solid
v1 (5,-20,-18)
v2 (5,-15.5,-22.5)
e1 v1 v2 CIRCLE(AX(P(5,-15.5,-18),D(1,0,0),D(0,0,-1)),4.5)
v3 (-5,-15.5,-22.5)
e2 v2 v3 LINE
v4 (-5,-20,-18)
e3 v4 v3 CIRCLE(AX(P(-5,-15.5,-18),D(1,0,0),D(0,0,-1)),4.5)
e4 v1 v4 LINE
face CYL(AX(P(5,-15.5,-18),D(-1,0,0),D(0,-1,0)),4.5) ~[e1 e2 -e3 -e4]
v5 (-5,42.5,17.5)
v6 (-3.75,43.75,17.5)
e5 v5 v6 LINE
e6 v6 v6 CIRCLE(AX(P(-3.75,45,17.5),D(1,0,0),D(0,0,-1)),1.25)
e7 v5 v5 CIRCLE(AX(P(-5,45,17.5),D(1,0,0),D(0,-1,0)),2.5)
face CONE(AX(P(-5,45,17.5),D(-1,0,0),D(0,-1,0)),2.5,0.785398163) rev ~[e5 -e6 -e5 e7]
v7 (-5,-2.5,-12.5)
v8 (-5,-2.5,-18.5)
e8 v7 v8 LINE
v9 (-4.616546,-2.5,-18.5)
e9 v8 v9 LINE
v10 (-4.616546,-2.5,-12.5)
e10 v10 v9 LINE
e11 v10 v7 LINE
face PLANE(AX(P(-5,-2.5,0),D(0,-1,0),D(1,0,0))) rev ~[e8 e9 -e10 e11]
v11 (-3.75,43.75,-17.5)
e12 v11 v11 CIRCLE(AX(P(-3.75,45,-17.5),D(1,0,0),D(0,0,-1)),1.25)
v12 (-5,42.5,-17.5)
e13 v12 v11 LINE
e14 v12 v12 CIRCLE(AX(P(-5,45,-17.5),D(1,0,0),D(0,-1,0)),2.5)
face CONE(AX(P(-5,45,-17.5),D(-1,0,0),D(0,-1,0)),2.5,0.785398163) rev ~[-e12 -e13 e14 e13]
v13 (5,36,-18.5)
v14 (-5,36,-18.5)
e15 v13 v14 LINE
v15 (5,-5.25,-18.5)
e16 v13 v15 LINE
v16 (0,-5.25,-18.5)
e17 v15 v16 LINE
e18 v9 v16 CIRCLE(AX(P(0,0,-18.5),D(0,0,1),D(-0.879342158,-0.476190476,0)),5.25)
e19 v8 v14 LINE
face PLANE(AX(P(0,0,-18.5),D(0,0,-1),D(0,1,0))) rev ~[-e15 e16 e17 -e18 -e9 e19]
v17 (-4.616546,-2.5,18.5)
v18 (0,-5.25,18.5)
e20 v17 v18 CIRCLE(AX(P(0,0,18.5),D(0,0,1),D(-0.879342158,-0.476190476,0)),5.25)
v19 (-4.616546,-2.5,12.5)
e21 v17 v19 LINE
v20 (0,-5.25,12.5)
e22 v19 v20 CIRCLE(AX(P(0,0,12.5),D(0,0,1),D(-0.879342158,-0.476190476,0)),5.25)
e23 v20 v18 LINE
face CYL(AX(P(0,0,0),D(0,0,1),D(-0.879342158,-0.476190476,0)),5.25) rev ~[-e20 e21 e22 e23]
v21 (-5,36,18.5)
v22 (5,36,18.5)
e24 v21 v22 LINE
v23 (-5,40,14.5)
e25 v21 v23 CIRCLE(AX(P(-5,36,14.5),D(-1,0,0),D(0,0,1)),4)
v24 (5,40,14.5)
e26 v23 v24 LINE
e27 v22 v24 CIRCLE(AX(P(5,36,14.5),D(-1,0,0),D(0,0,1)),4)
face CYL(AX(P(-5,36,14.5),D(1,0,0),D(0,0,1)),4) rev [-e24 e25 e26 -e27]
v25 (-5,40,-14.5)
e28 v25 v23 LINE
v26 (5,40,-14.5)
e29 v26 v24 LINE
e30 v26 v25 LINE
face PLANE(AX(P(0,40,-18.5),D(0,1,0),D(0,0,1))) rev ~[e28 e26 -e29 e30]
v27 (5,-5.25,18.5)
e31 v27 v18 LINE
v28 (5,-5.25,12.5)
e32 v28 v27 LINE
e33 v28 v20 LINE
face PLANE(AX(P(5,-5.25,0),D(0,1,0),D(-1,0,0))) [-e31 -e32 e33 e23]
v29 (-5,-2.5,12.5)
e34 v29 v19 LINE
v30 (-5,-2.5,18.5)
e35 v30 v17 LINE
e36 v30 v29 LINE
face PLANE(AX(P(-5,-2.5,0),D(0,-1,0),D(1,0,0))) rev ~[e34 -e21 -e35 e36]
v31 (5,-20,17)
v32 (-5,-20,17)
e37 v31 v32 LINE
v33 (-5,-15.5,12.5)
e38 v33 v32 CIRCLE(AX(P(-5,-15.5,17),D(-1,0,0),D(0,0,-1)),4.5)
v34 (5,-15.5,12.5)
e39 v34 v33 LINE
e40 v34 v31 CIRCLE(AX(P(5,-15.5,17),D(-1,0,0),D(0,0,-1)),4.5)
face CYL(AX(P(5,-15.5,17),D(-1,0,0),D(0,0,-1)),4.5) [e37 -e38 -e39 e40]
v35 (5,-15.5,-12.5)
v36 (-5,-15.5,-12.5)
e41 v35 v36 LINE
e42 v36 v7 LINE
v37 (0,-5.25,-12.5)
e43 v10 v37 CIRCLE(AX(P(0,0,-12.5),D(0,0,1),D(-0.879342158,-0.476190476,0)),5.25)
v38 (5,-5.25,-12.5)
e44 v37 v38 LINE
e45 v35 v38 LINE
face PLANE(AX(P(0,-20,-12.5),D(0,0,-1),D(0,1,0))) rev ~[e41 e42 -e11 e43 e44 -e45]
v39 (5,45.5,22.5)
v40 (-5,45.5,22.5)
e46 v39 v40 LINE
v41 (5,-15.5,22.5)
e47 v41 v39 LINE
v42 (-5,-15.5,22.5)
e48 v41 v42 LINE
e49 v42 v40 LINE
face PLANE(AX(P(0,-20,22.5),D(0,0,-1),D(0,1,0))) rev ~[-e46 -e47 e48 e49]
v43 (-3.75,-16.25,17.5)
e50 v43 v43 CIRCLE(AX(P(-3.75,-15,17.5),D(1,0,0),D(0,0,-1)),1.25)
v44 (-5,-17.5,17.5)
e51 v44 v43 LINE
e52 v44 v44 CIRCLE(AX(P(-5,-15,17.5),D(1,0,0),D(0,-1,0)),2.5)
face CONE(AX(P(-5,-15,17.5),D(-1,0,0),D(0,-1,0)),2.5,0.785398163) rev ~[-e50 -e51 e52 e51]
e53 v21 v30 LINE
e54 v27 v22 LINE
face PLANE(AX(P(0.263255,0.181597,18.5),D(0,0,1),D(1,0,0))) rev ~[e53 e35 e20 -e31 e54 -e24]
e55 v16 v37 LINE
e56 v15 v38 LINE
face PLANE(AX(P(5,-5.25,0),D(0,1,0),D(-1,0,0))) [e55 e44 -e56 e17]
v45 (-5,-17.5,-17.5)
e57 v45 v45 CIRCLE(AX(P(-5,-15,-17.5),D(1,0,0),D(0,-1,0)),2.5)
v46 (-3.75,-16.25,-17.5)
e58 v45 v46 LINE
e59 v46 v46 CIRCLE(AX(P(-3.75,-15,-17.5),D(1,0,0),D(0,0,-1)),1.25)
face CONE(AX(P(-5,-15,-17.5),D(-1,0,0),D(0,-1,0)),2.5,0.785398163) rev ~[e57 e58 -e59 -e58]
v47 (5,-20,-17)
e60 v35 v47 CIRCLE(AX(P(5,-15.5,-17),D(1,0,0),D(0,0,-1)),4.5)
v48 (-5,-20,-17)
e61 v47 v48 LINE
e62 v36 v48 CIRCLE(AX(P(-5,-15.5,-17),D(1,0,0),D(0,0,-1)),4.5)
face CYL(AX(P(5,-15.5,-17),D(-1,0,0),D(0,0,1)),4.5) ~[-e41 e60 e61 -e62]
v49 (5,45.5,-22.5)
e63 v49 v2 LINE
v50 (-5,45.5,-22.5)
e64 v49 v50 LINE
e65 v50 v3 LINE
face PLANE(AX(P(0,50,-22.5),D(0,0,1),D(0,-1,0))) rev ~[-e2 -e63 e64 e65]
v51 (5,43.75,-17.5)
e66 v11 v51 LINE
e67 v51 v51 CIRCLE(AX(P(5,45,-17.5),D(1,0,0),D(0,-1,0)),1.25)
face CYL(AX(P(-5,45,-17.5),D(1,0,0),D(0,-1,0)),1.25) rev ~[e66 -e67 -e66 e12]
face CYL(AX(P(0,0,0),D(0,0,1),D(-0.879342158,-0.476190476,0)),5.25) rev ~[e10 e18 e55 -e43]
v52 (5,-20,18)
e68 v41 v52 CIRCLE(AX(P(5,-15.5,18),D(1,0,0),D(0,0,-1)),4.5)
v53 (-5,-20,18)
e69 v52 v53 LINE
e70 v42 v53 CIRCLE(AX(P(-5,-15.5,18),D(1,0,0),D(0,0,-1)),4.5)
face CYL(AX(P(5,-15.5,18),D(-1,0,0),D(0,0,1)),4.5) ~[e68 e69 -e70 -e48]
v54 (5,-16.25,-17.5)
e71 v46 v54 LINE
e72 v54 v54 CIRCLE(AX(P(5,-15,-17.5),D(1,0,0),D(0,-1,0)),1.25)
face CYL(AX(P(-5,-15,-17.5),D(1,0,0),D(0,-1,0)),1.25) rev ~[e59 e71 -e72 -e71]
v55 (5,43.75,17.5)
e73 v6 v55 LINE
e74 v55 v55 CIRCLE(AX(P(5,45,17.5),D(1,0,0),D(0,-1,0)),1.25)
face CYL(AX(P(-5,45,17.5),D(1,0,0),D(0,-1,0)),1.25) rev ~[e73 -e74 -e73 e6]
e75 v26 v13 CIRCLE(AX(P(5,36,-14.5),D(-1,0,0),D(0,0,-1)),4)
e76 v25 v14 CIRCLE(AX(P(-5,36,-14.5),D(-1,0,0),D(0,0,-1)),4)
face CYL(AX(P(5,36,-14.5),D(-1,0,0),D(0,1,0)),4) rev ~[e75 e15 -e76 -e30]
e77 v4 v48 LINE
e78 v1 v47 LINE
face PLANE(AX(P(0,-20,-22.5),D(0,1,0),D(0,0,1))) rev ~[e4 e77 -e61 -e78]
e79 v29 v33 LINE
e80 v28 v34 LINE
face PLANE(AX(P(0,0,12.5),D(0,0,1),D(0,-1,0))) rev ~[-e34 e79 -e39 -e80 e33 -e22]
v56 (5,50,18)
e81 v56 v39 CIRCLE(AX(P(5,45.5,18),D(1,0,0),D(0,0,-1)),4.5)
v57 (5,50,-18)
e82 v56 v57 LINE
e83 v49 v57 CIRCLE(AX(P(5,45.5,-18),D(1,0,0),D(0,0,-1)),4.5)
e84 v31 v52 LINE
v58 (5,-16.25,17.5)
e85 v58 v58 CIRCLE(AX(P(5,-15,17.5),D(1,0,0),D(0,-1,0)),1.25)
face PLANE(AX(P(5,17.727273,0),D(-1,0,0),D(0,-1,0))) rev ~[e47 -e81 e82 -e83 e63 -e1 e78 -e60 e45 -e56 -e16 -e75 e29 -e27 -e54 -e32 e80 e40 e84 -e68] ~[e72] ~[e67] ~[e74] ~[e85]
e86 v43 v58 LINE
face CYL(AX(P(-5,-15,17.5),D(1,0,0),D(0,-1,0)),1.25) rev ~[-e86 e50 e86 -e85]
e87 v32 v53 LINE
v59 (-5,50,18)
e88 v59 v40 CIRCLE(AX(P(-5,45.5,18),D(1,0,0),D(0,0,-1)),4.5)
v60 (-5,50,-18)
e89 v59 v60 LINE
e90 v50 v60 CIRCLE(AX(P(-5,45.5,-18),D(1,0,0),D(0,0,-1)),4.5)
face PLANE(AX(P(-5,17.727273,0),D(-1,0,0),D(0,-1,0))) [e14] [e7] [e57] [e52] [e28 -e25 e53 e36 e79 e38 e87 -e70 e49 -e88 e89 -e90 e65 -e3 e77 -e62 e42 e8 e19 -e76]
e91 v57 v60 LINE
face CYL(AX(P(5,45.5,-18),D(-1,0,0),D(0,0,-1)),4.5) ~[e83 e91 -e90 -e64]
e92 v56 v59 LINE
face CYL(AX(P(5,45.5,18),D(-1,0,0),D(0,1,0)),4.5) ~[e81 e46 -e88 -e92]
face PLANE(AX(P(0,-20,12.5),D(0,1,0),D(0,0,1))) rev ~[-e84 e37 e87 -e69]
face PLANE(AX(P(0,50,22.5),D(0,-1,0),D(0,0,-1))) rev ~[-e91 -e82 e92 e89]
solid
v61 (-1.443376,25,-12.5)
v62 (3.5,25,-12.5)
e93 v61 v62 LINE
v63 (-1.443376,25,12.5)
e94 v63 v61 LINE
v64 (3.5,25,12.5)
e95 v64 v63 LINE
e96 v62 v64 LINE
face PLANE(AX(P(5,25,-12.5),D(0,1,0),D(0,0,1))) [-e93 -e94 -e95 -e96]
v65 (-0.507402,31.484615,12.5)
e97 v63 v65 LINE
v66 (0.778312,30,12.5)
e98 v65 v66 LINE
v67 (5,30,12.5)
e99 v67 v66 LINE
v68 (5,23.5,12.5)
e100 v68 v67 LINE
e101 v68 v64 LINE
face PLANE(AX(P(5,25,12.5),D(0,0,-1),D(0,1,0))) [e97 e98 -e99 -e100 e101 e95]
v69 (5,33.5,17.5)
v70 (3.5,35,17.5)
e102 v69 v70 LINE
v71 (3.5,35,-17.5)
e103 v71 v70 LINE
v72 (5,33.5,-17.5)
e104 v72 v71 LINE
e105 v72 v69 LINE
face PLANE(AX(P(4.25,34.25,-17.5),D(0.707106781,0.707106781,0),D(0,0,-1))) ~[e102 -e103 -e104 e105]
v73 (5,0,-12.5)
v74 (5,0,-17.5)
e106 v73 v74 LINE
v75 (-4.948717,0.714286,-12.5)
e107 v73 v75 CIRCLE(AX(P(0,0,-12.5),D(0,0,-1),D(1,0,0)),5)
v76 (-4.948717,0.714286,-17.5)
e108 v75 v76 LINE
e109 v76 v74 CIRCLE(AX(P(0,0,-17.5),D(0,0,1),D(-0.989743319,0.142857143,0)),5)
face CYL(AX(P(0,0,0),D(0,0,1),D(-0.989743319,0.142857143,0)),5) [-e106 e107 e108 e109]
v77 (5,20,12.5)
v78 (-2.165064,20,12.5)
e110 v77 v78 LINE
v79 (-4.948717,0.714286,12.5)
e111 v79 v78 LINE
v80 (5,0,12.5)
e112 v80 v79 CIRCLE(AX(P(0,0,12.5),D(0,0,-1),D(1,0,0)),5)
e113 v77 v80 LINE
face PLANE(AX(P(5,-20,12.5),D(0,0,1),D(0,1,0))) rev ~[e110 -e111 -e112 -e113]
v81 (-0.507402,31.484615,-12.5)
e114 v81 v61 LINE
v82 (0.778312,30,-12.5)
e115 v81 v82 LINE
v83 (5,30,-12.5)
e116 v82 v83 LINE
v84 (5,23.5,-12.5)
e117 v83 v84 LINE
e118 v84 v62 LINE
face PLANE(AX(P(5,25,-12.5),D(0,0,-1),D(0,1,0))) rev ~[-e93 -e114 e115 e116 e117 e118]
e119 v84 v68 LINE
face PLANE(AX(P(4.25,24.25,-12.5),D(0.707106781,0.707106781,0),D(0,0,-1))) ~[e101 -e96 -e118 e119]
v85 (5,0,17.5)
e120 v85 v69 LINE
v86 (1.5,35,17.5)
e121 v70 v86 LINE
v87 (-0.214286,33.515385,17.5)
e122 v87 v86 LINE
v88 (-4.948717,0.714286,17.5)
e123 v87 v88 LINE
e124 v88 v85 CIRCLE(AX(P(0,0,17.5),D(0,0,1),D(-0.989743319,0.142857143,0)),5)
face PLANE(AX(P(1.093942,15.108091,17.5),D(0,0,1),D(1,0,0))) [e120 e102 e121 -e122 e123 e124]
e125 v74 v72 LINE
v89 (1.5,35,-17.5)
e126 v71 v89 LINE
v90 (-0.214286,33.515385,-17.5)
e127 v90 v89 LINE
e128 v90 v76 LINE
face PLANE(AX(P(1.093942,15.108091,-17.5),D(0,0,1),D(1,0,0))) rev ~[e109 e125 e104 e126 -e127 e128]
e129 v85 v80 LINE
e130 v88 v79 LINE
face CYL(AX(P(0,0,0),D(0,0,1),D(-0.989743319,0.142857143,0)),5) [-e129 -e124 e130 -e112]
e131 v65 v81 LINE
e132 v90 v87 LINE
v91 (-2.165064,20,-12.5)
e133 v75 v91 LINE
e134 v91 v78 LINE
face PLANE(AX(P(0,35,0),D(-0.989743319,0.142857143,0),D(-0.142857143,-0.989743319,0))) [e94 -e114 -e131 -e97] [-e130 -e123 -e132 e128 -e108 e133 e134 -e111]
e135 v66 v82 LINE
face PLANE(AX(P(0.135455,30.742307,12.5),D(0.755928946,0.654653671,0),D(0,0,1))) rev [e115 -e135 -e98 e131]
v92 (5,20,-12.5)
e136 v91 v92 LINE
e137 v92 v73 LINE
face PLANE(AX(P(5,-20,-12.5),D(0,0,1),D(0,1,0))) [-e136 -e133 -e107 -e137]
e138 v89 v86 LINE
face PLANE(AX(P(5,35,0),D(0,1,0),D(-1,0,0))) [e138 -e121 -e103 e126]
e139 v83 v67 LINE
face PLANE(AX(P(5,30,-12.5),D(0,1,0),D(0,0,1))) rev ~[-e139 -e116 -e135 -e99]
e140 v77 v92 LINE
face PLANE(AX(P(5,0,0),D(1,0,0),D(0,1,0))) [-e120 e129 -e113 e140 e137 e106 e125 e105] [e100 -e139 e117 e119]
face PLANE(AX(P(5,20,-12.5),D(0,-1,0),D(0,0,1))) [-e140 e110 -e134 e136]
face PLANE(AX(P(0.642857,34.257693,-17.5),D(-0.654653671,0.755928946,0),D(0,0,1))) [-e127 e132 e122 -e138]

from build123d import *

# Parameters (mm, degrees)
PAD_DEPTH        = 17.5
SKETCH001_W      = 40
SKETCH001_H      = 25
SKETCH001_W_2    = 5
POCKET_DEPTH     = 10
CHAMFER_SIZE     = 1.5
PAD001_DEPTH     = 5
POCKET001_DEPTH  = 18.5
HOLE_D           = 2.5
HOLE_DEPTH       = 25
HOLE_CSINK_D     = 5
HOLE_CSINK_ANGLE = 90
FILLET_R         = 4.5
FILLET001_R      = 4


with BuildPart() as body:
    # Sketch → Pad (new body, symmetric)
    with BuildSketch(Plane.XY):
        with BuildLine():
            Line((5, 0), (5, 35))
            Line((5, 35), (0, 35))
            Line((0, 35), (-4.9487165931, 0.7142857143))
            ThreePointArc((-4.9487165931, 0.7142857143), (-0.3580621697, -4.9871626686), (5, 0))
        make_face()
    extrude(amount=PAD_DEPTH, both=True)

    # Sketch001 (on Face1 of Pad) → Pocket (cut, symmetric)
    with BuildSketch(Plane.YZ.offset(5)):
        Rectangle(SKETCH001_W, SKETCH001_H)
        with Locations((27.5, 0)):
            Rectangle(SKETCH001_W_2, SKETCH001_H)
    extrude(amount=POCKET_DEPTH, both=True, mode=Mode.SUBTRACT)

    # Chamfer
    chamfer_edges = [body.edges().sort_by_distance(p)[0] for p in [
        (5, 25, 0),
        (5, 35, 0),
        (0, 35, 0),
        (-0.721688, 30, 0),
    ]]
    chamfer(chamfer_edges, length=CHAMFER_SIZE)


with BuildPart() as body001:
    # Sketch002 → Pad001 (new body, symmetric)
    with BuildSketch(Plane.YZ):
        Polygon((0, 12.5), (-20, 12.5), (-20, 22.5), (50, 22.5), (50, -22.5), (-20, -22.5), (-20, -12.5), (0, -12.5), (0, -18.5), (40, -18.5), (40, 18.5), (0, 18.5), align=None)
    extrude(amount=PAD001_DEPTH, both=True)

    # Sketch003 → Pocket001 (cut, symmetric)
    with BuildSketch(Plane.XY):
        with BuildLine():
            ThreePointArc((-4.6165463282, -2.5), (-2.6867731575, -4.5104046382), (0, -5.25))
            Line((5, -5.25), (0, -5.25))
            Line((5, -5.25), (5, 5))
            Line((5, 5), (-5, 5))
            Line((-5, 5), (-5, -2.5))
            Line((-5, -2.5), (-4.6165463282, -2.5))
        make_face()
    extrude(amount=POCKET001_DEPTH, both=True, mode=Mode.SUBTRACT)

    # Hole
    with Locations(Plane(origin=(-5, 0, 0), x_dir=(0, 1, 0), z_dir=(-1, 0, 0))):
        with Locations((45, 17.5), (45, -17.5), (-15, 17.5), (-15, -17.5)):
            CounterSinkHole(HOLE_D / 2, HOLE_CSINK_D / 2, depth=HOLE_DEPTH, counter_sink_angle=HOLE_CSINK_ANGLE)

    # Fillet
    fillet_edges = [body001.edges().sort_by_distance(p)[0] for p in [
        (0, -20, -22.5),
        (0, -20, -12.5),
        (0, -20, 12.5),
        (0, -20, 22.5),
        (0, 50, 22.5),
        (0, 50, -22.5),
    ]]
    fillet(fillet_edges, radius=FILLET_R)

    # Fillet001
    fillet001_edges = [body001.edges().sort_by_distance(p)[0] for p in [
        (0, 40, -18.5),
        (0, 40, 18.5),
    ]]
    fillet(fillet001_edges, radius=FILLET001_R)


solid = Compound([body.part, body001.part])
